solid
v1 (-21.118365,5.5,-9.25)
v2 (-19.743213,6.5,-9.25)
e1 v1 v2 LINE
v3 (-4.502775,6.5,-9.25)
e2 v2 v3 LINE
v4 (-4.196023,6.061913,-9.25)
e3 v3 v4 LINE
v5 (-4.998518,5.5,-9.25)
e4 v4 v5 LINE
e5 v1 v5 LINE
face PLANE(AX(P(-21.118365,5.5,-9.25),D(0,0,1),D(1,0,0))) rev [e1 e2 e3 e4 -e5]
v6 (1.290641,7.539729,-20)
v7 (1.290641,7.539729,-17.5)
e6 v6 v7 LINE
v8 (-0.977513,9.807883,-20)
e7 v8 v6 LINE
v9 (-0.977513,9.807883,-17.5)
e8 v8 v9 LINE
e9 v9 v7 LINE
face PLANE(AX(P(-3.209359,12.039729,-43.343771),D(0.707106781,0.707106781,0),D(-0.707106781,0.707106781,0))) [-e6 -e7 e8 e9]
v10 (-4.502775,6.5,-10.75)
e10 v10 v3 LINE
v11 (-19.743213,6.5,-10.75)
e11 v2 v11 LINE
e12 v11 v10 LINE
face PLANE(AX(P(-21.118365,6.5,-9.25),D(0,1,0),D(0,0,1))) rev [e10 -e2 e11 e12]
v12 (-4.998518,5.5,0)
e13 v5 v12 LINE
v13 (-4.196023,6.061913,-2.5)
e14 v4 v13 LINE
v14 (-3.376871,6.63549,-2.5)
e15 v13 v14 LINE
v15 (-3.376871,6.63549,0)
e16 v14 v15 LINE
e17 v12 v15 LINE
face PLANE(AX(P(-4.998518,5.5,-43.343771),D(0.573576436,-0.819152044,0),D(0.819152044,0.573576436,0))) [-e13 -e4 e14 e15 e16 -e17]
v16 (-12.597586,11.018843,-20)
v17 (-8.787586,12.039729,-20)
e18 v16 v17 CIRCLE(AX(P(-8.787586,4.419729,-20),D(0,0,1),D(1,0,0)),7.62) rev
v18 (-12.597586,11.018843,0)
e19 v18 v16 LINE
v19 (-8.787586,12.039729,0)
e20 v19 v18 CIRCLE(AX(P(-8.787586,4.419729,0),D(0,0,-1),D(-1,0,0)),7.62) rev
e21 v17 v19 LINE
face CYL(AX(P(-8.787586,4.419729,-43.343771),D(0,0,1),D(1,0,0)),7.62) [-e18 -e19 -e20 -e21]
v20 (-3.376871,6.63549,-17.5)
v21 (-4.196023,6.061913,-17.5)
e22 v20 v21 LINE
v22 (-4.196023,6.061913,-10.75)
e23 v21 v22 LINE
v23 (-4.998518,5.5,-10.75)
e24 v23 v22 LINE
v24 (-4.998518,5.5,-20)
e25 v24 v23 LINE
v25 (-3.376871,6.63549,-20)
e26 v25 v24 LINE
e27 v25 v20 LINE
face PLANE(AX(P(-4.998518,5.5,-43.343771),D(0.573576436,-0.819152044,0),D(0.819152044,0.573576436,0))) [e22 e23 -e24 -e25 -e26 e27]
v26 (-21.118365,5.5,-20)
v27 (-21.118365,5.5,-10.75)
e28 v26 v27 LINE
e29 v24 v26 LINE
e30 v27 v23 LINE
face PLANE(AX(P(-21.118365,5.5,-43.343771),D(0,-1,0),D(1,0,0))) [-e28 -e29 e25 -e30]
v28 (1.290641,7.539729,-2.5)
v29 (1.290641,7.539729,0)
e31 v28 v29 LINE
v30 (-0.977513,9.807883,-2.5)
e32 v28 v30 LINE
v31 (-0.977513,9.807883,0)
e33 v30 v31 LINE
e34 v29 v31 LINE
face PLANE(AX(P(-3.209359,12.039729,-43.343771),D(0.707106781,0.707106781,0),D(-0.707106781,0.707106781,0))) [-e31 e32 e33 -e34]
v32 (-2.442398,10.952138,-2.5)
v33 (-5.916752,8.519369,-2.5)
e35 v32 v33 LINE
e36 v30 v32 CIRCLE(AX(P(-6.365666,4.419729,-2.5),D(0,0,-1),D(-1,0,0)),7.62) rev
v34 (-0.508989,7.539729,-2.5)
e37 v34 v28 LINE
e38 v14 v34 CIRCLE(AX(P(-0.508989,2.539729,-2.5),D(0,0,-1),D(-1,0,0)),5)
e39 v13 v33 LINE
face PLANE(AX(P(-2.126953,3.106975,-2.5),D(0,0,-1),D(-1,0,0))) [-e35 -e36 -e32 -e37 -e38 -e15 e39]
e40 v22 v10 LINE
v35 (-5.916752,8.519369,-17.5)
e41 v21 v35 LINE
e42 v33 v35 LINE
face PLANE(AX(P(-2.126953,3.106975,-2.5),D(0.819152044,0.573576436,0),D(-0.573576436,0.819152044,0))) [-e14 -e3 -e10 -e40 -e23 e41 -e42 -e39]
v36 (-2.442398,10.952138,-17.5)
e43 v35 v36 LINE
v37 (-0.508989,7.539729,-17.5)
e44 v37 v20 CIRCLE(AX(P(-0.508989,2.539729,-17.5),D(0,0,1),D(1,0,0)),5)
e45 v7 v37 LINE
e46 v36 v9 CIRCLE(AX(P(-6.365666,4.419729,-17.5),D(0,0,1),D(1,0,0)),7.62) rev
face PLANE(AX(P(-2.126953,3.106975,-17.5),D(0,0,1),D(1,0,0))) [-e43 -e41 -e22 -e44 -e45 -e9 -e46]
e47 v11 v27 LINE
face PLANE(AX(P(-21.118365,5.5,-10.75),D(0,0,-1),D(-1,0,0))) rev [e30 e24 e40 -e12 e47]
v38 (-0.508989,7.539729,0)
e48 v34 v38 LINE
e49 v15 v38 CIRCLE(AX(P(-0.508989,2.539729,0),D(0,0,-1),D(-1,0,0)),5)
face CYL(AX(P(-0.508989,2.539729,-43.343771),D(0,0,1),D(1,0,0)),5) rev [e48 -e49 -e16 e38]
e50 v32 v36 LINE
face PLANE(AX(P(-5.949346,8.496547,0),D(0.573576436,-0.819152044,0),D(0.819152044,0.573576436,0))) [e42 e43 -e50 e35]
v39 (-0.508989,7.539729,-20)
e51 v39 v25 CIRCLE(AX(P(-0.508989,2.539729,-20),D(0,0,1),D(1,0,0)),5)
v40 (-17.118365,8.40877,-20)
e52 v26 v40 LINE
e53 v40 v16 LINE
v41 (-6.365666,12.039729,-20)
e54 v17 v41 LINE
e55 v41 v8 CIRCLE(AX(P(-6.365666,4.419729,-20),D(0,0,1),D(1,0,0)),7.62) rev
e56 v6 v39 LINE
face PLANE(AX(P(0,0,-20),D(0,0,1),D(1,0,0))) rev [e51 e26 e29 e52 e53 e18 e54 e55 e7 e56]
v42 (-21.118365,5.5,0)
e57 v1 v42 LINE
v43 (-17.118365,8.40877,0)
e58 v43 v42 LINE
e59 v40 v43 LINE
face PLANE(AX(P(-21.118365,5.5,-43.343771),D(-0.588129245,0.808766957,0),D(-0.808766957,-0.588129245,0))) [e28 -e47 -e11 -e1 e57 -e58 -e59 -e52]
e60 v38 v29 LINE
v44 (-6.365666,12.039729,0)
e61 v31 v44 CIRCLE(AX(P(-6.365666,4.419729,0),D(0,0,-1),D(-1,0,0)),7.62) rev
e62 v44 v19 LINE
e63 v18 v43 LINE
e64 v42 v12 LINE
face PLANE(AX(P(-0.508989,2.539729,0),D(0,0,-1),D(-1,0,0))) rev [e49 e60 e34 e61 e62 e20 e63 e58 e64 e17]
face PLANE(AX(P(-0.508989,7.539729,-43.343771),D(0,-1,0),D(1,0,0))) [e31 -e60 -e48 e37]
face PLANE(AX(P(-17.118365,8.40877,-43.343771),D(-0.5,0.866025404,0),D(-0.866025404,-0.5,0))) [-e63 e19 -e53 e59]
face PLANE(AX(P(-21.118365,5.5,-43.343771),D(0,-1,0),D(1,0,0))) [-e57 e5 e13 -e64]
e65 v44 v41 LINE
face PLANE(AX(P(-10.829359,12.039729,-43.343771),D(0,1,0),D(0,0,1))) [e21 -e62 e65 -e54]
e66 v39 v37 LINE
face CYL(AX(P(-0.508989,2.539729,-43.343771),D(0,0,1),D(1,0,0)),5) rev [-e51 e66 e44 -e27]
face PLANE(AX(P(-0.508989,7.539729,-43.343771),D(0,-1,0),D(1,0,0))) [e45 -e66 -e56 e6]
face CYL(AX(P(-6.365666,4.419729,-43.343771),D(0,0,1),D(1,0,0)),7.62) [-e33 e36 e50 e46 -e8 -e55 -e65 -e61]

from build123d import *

# Parameters (mm, degrees)
BOSS_EXTRUDE1_DEPTH     = 20
FILLET1_R               = 7.62
SKETCH2_W               = 14.64163524
SKETCH2_H               = 15
CUT_EXTRUDE3_DEPTH      = 4.607313514
CUT_EXTRUDE3_DEPTH_BACK = 3
SKETCH3_W               = 1.5
SKETCH3_H               = 1
CUT_EXTRUDE4_DEPTH      = 22.118365096


with BuildPart() as part:
    # Sketch1 → Boss-Extrude1 (new body)
    with BuildSketch(Plane.XY):
        with BuildLine():
            Line((-21.118365096, 5.5), (-17.118365096, 8.408769901))
            Line((-17.118365096, 8.408769901), (-10.829358836, 12.039729358))
            Line((-10.829358836, 12.039729358), (-3.209358836, 12.039729358))
            Line((-3.209358836, 12.039729358), (1.290641164, 7.539729358))
            Line((1.290641164, 7.539729358), (-0.508988662, 7.539729358))
            ThreePointArc((-0.508988662, 7.539729358), (-2.01251766, 7.308314112), (-3.376870844, 6.635489579))
            Line((-3.376870844, 6.635489579), (-4.998518024, 5.5))
            Line((-4.998518024, 5.5), (-21.118365096, 5.5))
        make_face()
    extrude(amount=-BOSS_EXTRUDE1_DEPTH)

    # Fillet1
    fillet1_edges = [part.edges().sort_by_distance(p)[0] for p in [
        (-3.209358836, 12.039729358, -10),
        (-10.829358836, 12.039729358, -10),
    ]]
    fillet(fillet1_edges, radius=FILLET1_R)

    # Sketch2 → Cut-Extrude3 (cut, two sides)
    with BuildSketch(Plane(origin=(-4.228616794, 6.039090645, 0), x_dir=(0.819152044, 0.573576436, 0), z_dir=(0.573576436, -0.819152044, 0))) as cut_extrude3_sk:
        with Locations((7.360607431, -10)):
            Rectangle(SKETCH2_W, SKETCH2_H)
    extrude(amount=CUT_EXTRUDE3_DEPTH, mode=Mode.SUBTRACT)
    extrude(cut_extrude3_sk.sketch, amount=-CUT_EXTRUDE3_DEPTH_BACK, mode=Mode.SUBTRACT)

    # Sketch3 → Cut-Extrude4 (cut, through all)
    with BuildSketch(Plane(origin=(0, 0, 0), x_dir=(0, 0, -1), z_dir=(1, 0, 0))):
        with Locations((10, 6)):
            Rectangle(SKETCH3_W, SKETCH3_H)
    extrude(amount=-CUT_EXTRUDE4_DEPTH, mode=Mode.SUBTRACT)


solid = part.part
